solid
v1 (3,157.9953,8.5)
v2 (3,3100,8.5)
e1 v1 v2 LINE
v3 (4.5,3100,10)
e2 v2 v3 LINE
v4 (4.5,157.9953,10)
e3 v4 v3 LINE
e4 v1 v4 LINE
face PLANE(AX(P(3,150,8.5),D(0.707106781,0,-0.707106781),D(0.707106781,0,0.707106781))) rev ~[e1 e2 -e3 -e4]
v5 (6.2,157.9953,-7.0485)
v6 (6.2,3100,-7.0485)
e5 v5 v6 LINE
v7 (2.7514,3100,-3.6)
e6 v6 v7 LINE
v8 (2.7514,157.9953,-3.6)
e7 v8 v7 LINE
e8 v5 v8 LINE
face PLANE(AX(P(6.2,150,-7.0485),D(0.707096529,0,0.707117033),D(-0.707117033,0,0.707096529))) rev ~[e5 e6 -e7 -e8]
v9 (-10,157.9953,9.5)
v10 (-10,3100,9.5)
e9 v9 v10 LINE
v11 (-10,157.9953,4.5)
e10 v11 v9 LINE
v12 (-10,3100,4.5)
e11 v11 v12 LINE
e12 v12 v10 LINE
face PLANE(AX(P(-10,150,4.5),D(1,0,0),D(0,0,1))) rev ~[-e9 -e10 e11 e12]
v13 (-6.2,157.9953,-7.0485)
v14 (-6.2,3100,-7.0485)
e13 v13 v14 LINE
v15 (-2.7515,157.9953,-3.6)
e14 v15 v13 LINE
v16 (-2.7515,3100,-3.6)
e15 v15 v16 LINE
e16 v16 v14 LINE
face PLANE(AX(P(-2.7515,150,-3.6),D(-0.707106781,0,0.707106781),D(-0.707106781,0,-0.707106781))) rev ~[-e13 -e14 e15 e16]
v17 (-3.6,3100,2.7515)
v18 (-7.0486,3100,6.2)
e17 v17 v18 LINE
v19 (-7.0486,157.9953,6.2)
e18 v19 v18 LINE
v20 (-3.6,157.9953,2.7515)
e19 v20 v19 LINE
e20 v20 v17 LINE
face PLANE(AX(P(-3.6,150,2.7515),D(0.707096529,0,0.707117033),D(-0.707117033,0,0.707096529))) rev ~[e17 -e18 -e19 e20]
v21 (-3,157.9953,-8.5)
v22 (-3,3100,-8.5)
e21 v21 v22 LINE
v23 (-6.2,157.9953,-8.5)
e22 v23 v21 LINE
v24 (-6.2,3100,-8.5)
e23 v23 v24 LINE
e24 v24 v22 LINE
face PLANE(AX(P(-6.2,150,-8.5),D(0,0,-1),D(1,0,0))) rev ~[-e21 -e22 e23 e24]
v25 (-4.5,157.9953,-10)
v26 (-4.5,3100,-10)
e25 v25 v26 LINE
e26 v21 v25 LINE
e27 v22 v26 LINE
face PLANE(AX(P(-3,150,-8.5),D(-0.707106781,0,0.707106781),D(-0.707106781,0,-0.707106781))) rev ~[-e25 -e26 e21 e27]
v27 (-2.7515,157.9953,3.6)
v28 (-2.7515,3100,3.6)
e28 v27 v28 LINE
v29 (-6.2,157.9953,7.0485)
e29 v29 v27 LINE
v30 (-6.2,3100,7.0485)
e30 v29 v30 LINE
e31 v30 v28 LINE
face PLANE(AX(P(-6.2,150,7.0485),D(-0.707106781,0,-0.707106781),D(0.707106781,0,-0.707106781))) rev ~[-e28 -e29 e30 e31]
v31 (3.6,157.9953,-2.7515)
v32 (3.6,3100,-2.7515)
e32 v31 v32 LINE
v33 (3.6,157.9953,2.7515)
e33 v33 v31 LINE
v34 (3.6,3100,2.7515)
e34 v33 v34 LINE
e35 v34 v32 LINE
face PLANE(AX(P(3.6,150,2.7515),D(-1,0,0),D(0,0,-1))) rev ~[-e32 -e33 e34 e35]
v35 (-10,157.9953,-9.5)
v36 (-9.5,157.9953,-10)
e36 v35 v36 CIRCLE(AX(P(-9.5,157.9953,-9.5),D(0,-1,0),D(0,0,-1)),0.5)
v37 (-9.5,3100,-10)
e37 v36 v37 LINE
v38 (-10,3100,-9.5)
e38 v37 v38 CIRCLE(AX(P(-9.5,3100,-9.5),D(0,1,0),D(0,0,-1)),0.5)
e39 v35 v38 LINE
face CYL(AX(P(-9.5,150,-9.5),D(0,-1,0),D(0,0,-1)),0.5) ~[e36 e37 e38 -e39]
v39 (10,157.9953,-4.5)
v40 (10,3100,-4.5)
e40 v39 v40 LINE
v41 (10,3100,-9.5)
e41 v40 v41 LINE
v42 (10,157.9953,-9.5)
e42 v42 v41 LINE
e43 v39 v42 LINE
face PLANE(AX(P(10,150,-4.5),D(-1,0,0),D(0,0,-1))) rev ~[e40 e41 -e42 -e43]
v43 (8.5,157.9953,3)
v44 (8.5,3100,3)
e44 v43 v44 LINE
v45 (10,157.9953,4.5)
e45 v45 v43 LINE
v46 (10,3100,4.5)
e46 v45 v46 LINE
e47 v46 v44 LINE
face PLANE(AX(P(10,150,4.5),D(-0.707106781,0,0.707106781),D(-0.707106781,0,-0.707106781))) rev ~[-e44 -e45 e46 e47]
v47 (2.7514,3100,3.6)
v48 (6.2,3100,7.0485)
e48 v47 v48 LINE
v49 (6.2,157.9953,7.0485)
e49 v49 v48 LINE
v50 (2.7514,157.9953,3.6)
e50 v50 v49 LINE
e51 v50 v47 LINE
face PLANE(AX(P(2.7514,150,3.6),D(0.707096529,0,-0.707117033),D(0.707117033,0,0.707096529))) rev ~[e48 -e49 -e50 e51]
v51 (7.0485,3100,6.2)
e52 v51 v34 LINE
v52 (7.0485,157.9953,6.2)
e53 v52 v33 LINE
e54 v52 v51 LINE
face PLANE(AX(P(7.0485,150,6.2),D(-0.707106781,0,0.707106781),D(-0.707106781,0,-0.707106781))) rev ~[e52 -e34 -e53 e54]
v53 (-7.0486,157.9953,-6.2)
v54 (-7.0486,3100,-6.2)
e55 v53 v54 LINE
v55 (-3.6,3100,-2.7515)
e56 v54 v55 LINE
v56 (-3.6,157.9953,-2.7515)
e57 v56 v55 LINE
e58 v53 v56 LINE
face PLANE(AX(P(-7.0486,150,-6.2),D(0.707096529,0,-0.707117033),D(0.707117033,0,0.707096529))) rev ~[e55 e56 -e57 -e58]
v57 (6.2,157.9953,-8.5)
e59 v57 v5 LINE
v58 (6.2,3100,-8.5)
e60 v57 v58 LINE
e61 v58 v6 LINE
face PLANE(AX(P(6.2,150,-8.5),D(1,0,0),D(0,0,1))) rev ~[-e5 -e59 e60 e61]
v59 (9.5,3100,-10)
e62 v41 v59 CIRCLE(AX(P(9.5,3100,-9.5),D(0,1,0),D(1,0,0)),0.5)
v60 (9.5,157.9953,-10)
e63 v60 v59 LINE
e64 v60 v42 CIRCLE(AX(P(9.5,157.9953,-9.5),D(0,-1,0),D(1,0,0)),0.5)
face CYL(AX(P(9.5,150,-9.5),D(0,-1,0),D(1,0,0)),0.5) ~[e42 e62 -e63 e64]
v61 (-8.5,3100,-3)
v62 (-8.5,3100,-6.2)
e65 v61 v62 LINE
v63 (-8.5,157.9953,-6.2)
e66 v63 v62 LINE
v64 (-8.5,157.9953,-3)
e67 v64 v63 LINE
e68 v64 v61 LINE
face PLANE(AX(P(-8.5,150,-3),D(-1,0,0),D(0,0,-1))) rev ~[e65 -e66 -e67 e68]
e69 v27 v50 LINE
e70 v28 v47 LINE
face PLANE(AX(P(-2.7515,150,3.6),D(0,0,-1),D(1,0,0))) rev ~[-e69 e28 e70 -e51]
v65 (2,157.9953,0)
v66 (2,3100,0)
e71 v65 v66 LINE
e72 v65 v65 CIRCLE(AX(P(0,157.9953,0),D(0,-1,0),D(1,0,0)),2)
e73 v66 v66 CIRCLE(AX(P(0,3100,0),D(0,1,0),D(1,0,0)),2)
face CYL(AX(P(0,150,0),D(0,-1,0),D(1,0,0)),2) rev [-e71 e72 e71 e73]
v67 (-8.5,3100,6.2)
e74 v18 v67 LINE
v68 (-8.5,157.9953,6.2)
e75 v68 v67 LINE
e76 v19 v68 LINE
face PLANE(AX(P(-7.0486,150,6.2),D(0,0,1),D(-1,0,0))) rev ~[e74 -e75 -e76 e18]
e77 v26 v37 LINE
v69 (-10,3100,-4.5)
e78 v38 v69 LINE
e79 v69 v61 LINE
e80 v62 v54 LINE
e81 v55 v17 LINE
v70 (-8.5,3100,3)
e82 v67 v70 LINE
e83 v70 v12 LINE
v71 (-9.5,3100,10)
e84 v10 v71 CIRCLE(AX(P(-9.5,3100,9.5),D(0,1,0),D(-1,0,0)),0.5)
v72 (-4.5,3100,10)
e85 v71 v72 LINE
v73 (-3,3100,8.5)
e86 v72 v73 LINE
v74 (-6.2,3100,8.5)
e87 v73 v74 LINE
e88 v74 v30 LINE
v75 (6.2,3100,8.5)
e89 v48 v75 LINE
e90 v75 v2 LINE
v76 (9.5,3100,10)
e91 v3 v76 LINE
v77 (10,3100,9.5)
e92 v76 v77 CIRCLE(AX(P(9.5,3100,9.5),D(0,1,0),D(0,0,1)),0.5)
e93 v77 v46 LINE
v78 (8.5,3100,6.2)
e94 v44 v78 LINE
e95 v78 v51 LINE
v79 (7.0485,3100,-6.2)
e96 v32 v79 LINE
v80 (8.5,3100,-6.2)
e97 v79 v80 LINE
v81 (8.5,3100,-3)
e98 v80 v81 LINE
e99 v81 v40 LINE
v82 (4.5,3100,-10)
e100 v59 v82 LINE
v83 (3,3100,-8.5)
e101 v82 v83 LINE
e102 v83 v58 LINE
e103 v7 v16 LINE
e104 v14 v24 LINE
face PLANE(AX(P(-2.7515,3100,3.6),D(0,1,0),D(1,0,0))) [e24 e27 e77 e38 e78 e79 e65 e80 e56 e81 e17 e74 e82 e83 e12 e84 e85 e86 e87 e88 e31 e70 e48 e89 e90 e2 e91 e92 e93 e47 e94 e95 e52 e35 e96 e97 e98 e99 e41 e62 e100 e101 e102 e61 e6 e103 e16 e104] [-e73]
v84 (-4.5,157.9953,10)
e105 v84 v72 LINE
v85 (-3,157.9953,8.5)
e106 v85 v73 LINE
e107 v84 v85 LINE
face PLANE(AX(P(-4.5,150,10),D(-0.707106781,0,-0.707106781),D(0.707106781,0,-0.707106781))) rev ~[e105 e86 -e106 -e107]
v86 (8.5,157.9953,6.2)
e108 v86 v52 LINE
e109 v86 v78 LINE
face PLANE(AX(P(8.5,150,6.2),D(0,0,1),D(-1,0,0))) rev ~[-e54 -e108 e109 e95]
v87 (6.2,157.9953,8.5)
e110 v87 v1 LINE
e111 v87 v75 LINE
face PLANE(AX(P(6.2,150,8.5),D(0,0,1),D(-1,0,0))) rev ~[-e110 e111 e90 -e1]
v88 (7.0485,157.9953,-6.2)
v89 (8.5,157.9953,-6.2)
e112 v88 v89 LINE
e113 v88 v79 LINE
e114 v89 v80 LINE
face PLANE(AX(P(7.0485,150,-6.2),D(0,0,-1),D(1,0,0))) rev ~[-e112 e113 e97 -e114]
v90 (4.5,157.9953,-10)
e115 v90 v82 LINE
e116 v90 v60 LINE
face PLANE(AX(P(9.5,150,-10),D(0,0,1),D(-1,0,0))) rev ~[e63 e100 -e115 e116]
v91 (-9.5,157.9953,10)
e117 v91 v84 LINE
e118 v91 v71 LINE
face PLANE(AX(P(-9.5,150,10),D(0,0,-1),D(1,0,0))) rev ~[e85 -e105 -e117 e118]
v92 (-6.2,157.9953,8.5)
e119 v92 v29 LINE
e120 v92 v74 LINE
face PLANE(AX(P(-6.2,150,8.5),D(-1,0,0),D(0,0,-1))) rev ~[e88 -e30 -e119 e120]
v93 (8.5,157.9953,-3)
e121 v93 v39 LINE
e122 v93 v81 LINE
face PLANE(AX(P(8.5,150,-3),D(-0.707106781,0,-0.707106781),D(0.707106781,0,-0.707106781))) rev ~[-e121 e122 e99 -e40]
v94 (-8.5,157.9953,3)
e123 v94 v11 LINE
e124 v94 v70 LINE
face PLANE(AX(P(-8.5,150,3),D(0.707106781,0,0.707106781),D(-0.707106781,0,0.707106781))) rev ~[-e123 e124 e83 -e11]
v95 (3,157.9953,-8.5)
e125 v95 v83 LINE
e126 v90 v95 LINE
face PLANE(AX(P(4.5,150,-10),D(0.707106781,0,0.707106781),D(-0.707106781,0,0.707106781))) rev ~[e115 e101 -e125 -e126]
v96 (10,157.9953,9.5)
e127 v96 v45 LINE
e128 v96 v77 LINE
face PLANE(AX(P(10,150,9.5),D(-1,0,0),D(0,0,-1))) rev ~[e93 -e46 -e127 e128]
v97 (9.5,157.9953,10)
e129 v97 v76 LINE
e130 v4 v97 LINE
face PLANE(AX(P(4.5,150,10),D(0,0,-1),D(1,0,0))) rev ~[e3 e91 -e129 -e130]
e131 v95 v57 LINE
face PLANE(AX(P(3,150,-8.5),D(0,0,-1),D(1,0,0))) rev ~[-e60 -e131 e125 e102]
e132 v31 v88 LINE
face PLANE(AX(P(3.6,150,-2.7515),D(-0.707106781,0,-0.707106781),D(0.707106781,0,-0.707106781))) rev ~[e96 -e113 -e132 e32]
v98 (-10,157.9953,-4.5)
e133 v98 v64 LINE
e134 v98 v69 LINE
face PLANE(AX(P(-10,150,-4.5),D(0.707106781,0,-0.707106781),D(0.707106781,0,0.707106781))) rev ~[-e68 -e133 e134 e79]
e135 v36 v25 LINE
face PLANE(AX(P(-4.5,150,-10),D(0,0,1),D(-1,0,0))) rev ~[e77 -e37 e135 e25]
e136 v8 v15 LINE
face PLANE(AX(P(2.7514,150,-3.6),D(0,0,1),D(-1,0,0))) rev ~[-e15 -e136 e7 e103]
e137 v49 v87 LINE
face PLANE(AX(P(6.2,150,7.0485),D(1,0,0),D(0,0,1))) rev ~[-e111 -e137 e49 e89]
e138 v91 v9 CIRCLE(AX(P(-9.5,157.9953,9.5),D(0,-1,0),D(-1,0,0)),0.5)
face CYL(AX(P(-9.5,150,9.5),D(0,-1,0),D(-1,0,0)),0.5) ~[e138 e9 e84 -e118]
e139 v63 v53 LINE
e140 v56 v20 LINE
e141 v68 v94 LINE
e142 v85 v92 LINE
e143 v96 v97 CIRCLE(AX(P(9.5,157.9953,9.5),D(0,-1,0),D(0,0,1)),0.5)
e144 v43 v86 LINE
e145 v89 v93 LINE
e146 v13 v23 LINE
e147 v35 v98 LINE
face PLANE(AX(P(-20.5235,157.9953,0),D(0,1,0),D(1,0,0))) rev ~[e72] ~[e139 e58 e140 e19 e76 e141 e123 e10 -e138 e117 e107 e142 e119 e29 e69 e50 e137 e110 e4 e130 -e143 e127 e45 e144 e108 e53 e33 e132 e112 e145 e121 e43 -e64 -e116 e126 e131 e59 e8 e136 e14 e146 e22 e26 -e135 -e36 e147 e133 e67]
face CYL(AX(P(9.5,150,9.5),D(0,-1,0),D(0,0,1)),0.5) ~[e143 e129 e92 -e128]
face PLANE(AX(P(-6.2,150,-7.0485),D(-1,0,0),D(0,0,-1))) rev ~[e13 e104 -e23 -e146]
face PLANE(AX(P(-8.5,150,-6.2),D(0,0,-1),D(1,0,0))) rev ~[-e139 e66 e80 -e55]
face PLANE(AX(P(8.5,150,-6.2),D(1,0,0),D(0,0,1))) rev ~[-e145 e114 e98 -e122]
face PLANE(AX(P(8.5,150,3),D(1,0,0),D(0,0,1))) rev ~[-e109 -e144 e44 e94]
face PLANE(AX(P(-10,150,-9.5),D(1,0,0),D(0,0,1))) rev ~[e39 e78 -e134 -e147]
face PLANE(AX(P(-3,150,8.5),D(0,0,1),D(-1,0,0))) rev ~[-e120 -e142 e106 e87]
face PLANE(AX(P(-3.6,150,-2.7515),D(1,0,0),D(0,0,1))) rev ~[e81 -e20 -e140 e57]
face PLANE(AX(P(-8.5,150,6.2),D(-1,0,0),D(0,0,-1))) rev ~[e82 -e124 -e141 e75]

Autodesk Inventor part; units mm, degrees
ref_plane "YZ Plane" through (0, 0, 0) normal (1, 0, 0) x (0, 1, 0)
ref_plane "XZ Plane" through (0, 0, 0) normal (0, 1, 0) x (-1, 0, 0)
ref_plane "Work Plane1" through (-2.7515, 150, 3.6) normal (0, 1, 0) x (1, 0, 0)
sketch "Sketch1" plane through (-2.7515, 150, 3.6) normal (0, 1, 0) x (1, 0, 0)
  arc A0 (-6.7485, 13.6) -> (-7.2485, 13.1) centre (-6.7485, 13.1) ccw projected
  line L0 (-7.2485, 13.1) -> (-7.2485, 8.1) projected
  line L1 (-7.2485, 8.1) -> (-5.7485, 6.6) projected
  line L2 (-5.7485, 6.6) -> (-5.7485, 9.8) projected
  line L3 (-5.7485, 9.8) -> (-4.2971, 9.8) projected
  line L4 (-4.2971, 9.8) -> (-0.8485, 6.3515) projected
  line L5 (-0.8485, 6.3515) -> (-0.8485, 0.8485) projected
  line L6 (-0.8485, 0.8485) -> (-4.2971, -2.6) projected
  line L7 (-4.2971, -2.6) -> (-5.7485, -2.6) projected
  line L8 (-5.7485, -2.6) -> (-5.7485, 0.6) projected
  line L9 (-5.7485, 0.6) -> (-7.2485, -0.9) projected
  line L10 (-7.2485, -0.9) -> (-7.2485, -5.9) projected
  arc A1 (-7.2485, -5.9) -> (-6.7485, -6.4) centre (-6.7485, -5.9) ccw projected
  line L11 (-6.7485, -6.4) -> (-1.7485, -6.4) projected
  line L12 (-1.7485, -6.4) -> (-0.2485, -4.9) projected
  line L13 (-0.2485, -4.9) -> (-3.4485, -4.9) projected
  line L14 (-3.4485, -4.9) -> (-3.4485, -3.4485) projected
  line L15 (-3.4485, -3.4485) -> (0, 0) projected
  line L16 (0, 0) -> (5.5029, 0) projected
  line L17 (5.5029, 0) -> (8.9515, -3.4485) projected
  line L18 (8.9515, -3.4485) -> (8.9515, -4.9) projected
  line L19 (8.9515, -4.9) -> (5.7515, -4.9) projected
  line L20 (5.7515, -4.9) -> (7.2515, -6.4) projected
  line L21 (7.2515, -6.4) -> (12.2515, -6.4) projected
  arc A2 (12.2515, -6.4) -> (12.7515, -5.9) centre (12.2515, -5.9) ccw projected
  line L22 (12.7515, -5.9) -> (12.7515, -0.9) projected
  line L23 (12.7515, -0.9) -> (11.2515, 0.6) projected
  line L24 (11.2515, 0.6) -> (11.2515, -2.6) projected
  line L25 (11.2515, -2.6) -> (9.8, -2.6) projected
  line L26 (9.8, -2.6) -> (6.3515, 0.8485) projected
  line L27 (6.3515, 0.8485) -> (6.3515, 6.3515) projected
  line L28 (6.3515, 6.3515) -> (9.8, 9.8) projected
  line L29 (9.8, 9.8) -> (11.2515, 9.8) projected
  line L30 (11.2515, 9.8) -> (11.2515, 6.6) projected
  line L31 (11.2515, 6.6) -> (12.7515, 8.1) projected
  line L32 (12.7515, 8.1) -> (12.7515, 13.1) projected
  arc A3 (12.7515, 13.1) -> (12.2515, 13.6) centre (12.2515, 13.1) ccw projected
  line L33 (12.2515, 13.6) -> (7.2515, 13.6) projected
  line L34 (7.2515, 13.6) -> (5.7515, 12.1) projected
  line L35 (5.7515, 12.1) -> (8.9515, 12.1) projected
  line L36 (8.9515, 12.1) -> (8.9515, 10.6485) projected
  line L37 (8.9515, 10.6485) -> (5.5029, 7.2) projected
  line L38 (5.5029, 7.2) -> (0, 7.2) projected
  line L39 (0, 7.2) -> (-3.4485, 10.6485) projected
  line L40 (-3.4485, 10.6485) -> (-3.4485, 12.1) projected
  line L41 (-3.4485, 12.1) -> (-0.2485, 12.1) projected
  line L42 (-0.2485, 12.1) -> (-1.7485, 13.6) projected
  line L43 (-1.7485, 13.6) -> (-6.7485, 13.6) projected
  circle A4 centre (2.7515, 3.6) radius 2 projected
extrude "Extrusion1" add sketch "Sketch1" along normal blind 2950
ref_plane "Work Plane2" through (9.5, 150, 0) normal (0, 0, 1) x (1, 0, 0)
sketch "Sketch2" plane through (9.5, 150, 0) normal (0, 0, 1) x (1, 0, 0)
  line L0 (-30.0235, 7.9953) -> (9.9765, 7.9953)
  line L1 (9.9765, 7.9953) -> (9.9765, -0.0047)
  line L2 (9.9765, -0.0047) -> (-30.0235, -0.0047)
  line L3 (-30.0235, -0.0047) -> (-30.0235, 7.9953)
  point P0 (-9.5, -150)
  dimension "d2" = 8
  dimension "d3" = 40
extrude "Extrusion2" cut sketch "Sketch2" along normal mid plane 20
ref_plane "Work Plane3" through (-2.7515, 1628.9953, -3.6) normal (0, -1, 0) x (1, 0, 0)
ref_plane "Work Plane6" through (9.5, 150, 10) normal (0, 0, 1) x (1, 0, 0)
properties part number "20x20mmx150mm alminum profile" material "Aluminum 6061"
